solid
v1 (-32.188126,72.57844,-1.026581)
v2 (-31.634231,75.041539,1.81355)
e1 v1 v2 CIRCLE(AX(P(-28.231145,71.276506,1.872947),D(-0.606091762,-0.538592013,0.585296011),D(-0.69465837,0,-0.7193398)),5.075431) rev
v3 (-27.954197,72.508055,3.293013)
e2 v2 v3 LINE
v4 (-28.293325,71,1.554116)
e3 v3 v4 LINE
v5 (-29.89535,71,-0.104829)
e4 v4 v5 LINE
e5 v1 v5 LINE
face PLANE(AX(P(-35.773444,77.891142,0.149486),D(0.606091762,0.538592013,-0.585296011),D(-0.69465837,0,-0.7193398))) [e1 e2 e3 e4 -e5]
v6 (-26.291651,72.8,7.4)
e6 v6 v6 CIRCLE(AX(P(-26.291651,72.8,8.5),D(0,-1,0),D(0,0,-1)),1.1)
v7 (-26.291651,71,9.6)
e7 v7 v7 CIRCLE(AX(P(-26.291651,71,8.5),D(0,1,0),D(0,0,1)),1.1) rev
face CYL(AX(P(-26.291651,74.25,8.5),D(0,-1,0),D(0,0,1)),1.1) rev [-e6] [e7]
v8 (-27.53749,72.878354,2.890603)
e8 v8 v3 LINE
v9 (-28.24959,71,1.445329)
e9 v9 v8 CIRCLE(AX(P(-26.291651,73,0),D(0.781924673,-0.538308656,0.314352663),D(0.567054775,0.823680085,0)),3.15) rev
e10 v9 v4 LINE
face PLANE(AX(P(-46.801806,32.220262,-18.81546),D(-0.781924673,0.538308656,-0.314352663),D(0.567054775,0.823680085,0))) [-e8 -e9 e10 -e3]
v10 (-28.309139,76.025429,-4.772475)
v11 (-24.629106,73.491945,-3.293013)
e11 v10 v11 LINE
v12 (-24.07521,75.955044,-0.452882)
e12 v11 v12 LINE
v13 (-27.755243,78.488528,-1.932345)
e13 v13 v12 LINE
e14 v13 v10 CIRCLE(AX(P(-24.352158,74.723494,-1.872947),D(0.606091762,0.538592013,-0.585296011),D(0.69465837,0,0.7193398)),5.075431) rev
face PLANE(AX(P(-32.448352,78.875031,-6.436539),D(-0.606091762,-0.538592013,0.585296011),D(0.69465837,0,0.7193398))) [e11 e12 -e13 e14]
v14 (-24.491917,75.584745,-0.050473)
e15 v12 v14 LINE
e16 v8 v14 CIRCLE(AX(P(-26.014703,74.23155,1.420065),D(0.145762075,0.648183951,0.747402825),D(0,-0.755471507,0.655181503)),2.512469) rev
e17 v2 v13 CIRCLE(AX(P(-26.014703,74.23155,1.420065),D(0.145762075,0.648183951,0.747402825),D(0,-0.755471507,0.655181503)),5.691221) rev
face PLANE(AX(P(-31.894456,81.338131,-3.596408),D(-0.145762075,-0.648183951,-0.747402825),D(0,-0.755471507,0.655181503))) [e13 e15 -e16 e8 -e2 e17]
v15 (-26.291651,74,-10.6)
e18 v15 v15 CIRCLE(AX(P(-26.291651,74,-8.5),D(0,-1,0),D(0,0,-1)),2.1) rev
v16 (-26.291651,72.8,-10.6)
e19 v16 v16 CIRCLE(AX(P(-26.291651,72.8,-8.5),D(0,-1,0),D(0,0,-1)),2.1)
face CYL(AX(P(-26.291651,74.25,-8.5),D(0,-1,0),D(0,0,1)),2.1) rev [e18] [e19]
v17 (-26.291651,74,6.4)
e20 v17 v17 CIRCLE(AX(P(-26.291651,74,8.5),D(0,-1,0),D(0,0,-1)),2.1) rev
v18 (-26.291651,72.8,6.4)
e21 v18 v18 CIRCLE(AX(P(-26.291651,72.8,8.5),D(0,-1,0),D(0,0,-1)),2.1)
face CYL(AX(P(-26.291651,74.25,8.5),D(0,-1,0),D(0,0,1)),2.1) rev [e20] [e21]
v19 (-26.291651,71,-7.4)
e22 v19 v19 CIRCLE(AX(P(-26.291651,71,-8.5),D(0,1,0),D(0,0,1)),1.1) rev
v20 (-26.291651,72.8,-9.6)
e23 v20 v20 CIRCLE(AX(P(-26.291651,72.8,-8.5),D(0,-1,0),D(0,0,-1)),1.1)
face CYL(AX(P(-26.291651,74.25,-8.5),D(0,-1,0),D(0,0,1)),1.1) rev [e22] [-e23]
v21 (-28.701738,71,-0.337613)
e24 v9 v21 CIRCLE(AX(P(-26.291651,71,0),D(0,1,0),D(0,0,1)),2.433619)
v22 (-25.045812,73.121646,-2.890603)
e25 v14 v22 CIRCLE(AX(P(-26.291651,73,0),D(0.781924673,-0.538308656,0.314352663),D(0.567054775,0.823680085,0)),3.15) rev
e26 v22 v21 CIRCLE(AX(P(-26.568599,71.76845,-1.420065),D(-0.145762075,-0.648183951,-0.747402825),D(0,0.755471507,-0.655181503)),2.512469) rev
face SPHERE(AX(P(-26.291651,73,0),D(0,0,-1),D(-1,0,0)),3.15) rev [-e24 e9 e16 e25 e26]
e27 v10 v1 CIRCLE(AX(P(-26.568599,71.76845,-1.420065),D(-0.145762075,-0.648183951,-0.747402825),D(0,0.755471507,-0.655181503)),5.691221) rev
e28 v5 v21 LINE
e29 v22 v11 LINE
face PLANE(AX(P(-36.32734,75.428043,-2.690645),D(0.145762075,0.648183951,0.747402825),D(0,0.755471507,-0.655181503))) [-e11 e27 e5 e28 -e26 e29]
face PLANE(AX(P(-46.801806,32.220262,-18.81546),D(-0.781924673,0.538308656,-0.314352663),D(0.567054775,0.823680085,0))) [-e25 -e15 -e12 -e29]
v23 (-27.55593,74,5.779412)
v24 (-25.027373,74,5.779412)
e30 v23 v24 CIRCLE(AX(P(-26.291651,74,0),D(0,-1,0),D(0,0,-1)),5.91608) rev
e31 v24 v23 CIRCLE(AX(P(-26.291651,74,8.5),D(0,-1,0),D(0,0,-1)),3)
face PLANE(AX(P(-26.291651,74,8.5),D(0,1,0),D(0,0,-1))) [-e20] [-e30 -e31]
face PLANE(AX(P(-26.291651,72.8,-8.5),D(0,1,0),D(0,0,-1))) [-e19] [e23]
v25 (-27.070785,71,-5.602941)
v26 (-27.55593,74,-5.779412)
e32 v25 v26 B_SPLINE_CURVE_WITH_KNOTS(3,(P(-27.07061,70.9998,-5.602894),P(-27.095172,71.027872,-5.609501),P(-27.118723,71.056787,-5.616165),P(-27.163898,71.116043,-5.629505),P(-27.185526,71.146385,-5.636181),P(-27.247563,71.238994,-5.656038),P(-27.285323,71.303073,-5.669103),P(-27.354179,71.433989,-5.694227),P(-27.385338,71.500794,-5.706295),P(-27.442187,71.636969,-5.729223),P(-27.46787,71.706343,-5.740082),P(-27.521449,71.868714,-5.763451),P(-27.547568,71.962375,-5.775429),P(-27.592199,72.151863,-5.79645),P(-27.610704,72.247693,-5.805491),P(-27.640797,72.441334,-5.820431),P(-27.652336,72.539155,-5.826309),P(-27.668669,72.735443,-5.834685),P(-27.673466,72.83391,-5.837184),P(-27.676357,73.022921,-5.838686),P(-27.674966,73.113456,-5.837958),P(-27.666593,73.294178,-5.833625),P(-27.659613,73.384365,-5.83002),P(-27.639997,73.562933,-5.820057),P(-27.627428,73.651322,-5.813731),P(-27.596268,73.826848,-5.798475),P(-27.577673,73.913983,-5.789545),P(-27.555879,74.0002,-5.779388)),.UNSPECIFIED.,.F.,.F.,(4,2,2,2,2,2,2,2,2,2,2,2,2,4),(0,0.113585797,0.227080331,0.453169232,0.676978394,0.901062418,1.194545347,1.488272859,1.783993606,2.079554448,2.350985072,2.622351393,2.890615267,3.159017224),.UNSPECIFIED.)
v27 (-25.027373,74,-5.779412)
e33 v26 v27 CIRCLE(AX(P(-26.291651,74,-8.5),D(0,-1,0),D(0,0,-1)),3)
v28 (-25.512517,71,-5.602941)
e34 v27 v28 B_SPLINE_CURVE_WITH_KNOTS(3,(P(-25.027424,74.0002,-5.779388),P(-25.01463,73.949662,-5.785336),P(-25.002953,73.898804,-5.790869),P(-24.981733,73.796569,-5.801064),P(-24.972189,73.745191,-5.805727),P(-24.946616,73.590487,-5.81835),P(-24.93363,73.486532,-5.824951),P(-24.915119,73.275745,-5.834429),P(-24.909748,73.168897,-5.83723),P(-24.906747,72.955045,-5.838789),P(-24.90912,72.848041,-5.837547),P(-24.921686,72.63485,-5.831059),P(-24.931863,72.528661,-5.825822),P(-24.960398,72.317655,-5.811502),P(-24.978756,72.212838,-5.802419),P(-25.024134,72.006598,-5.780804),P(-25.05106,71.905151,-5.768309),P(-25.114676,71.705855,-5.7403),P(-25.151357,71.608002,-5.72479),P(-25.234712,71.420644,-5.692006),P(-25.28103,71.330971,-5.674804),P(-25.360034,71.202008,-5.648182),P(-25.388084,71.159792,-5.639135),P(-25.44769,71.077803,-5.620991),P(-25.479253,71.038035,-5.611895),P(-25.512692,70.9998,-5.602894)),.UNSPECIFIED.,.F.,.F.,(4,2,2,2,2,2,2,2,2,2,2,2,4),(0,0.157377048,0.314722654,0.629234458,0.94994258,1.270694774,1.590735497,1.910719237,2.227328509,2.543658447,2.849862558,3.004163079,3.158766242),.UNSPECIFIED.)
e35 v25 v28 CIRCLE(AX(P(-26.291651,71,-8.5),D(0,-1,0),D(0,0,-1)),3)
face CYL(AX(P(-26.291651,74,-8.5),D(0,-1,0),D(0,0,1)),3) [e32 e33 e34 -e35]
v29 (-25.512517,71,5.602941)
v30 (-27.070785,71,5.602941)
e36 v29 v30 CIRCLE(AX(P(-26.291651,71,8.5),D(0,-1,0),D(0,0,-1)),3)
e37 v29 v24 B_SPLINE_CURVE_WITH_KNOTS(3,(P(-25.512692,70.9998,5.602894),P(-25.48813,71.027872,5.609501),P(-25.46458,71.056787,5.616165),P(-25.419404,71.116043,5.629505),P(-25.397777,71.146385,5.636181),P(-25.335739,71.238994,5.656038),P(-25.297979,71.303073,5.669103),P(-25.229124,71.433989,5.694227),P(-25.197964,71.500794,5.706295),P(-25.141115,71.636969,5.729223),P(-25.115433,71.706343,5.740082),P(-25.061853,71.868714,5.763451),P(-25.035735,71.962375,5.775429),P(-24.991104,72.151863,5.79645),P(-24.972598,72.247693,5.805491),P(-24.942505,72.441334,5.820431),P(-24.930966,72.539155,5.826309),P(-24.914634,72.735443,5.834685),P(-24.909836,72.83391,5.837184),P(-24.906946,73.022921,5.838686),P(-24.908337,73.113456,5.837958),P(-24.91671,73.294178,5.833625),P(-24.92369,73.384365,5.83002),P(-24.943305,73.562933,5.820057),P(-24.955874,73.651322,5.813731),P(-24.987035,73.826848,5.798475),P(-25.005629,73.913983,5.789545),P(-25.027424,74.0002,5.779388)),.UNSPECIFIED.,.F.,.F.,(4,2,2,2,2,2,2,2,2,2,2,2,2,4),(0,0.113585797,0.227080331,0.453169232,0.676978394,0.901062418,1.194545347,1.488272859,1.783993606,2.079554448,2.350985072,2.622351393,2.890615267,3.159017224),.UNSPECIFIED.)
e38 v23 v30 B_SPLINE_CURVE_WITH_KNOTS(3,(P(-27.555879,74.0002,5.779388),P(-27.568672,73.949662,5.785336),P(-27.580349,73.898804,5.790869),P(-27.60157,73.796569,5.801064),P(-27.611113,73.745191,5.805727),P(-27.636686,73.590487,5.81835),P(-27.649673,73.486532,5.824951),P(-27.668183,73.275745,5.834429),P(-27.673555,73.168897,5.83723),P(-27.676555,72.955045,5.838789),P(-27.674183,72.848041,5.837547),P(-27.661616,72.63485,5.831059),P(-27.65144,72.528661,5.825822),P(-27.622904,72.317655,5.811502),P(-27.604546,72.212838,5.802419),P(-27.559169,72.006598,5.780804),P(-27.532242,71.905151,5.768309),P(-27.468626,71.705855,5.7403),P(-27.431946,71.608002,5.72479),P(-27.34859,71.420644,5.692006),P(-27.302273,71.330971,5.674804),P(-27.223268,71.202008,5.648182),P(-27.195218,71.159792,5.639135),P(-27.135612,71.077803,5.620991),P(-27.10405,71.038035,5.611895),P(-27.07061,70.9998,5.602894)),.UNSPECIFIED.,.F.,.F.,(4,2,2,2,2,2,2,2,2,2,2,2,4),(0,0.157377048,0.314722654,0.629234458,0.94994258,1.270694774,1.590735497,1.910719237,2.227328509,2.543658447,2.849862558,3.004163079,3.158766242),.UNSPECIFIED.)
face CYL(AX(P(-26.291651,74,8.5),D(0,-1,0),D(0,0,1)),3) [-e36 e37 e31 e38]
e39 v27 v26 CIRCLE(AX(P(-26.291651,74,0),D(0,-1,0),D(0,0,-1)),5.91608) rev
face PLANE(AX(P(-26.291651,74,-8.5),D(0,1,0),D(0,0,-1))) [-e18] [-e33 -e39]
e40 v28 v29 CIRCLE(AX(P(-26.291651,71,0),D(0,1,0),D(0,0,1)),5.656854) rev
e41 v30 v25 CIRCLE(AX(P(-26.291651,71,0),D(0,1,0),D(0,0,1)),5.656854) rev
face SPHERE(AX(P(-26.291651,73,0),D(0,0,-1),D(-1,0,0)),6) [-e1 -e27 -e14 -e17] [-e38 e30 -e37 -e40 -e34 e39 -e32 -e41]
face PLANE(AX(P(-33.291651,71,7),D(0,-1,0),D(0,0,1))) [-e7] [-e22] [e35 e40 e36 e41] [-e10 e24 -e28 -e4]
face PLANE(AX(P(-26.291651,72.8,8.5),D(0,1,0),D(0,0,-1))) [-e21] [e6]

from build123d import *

# Parameters (mm, degrees)
RETAINER_FEATURE_2_PROFILE_W = 14
RETAINER_FEATURE_2_PROFILE_H = 5
RETAINER_FEATURE_2_DEPTH     = 14
RETAINER_FEATURE_3_PROFILE_R = 3
RETAINER_FEATURE_3_DEPTH     = 3
RETAINER_FEATURE_4_PROFILE_R = 3
RETAINER_FEATURE_4_DEPTH     = 3
RETAINER_FEATURE_6_PROFILE_R = 1.1
RETAINER_FEATURE_6_DEPTH     = 4.25
RETAINER_FEATURE_7_PROFILE_R = 2.1
RETAINER_FEATURE_7_DEPTH     = 1.45
RETAINER_FEATURE_8_PROFILE_R = 1.1
RETAINER_FEATURE_8_DEPTH     = 4.25
RETAINER_FEATURE_9_PROFILE_R = 2.1
RETAINER_FEATURE_9_DEPTH     = 1.45
RETAINER_FEATURE_12_DEPTH    = 10


with BuildPart() as part:
    # Retainer Feature 1 profile → Retainer Feature 1 (revolve)
    with BuildSketch(Plane(origin=(0, -73, 0), x_dir=(-1, 0, 0), z_dir=(0, -1, 0))):
        with BuildLine():
            Line((26.291651246, -6), (26.291651246, 6))
            ThreePointArc((26.291651246, 6), (20.291651246, 0), (26.291651246, -6))
        make_face()
    revolve(axis=Axis((-26.291651246, -73, -10), (0, 0, 1)))

    # Retainer Feature 2 profile → Retainer Feature 2 (cut)
    with BuildSketch(Plane.XY.offset(-7)):
        with Locations((-26.291651246, -68.5)):
            Rectangle(RETAINER_FEATURE_2_PROFILE_W, RETAINER_FEATURE_2_PROFILE_H)
    extrude(amount=RETAINER_FEATURE_2_DEPTH, mode=Mode.SUBTRACT)

    # Retainer Feature 3 profile → Retainer Feature 3 (add)
    with BuildSketch(Plane(origin=(0, -71, 0), x_dir=(-1, 0, 0), z_dir=(0, -1, 0))):
        with Locations((26.291651246, 8.5)):
            Circle(RETAINER_FEATURE_3_PROFILE_R)
    extrude(amount=RETAINER_FEATURE_3_DEPTH)

    # Retainer Feature 4 profile → Retainer Feature 4 (add)
    with BuildSketch(Plane(origin=(0, -71, 0), x_dir=(-1, 0, 0), z_dir=(0, -1, 0))):
        with Locations((26.291651246, -8.5)):
            Circle(RETAINER_FEATURE_4_PROFILE_R)
    extrude(amount=RETAINER_FEATURE_4_DEPTH)

    # Retainer Feature 5 profile → Retainer Feature 5 (revolve, cut)
    with BuildSketch(Plane(origin=(0, -73, 0), x_dir=(-1, 0, 0), z_dir=(0, -1, 0))):
        with BuildLine():
            Line((26.291651246, -3.15), (26.291651246, 3.15))
            ThreePointArc((26.291651246, 3.15), (23.141651246, 0), (26.291651246, -3.15))
        make_face()
    revolve(axis=Axis((-26.291651246, -73, -10), (0, 0, 1)), mode=Mode.SUBTRACT)

    # Retainer Feature 6 profile → Retainer Feature 6 (cut)
    with BuildSketch(Plane(origin=(0, -70, 0), x_dir=(-1, 0, 0), z_dir=(0, -1, 0))):
        with Locations(Location((26.291651246, 8.5, 0), (0, 0, 270))):
            Circle(RETAINER_FEATURE_6_PROFILE_R)
    extrude(amount=RETAINER_FEATURE_6_DEPTH, mode=Mode.SUBTRACT)

    # Retainer Feature 7 profile → Retainer Feature 7 (cut)
    with BuildSketch(Plane(origin=(0, -72.8, 0), x_dir=(-1, 0, 0), z_dir=(0, -1, 0))):
        with Locations(Location((26.291651246, 8.5, 0), (0, 0, 90))):
            Circle(RETAINER_FEATURE_7_PROFILE_R)
    extrude(amount=RETAINER_FEATURE_7_DEPTH, mode=Mode.SUBTRACT)

    # Retainer Feature 8 profile → Retainer Feature 8 (cut)
    with BuildSketch(Plane(origin=(0, -70, 0), x_dir=(-1, 0, 0), z_dir=(0, -1, 0))):
        with Locations(Location((26.291651246, -8.5, 0), (0, 0, 270))):
            Circle(RETAINER_FEATURE_8_PROFILE_R)
    extrude(amount=RETAINER_FEATURE_8_DEPTH, mode=Mode.SUBTRACT)

    # Retainer Feature 9 profile → Retainer Feature 9 (cut)
    with BuildSketch(Plane(origin=(0, -72.8, 0), x_dir=(-1, 0, 0), z_dir=(0, -1, 0))):
        with Locations(Location((26.291651246, -8.5, 0), (0, 0, 90))):
            Circle(RETAINER_FEATURE_9_PROFILE_R)
    extrude(amount=RETAINER_FEATURE_9_DEPTH, mode=Mode.SUBTRACT)

    # Middle Right Fixed Compression Ball Reta → Retainer Feature 12 (cut)
    with BuildSketch(Plane(origin=(-46.801806266, -32.220261504, -18.815460044), x_dir=(-0.25892602820646665, -0.17825517869277457, 0.9493062747008634), z_dir=(-0.7819246728070284, -0.5383086561091627, -0.3143526631246647))):
        Polygon((20.297287002, -41.528985171), (16.35135873, -46.567799523), (19.343154751, -48.910694434), (23.289083023, -43.871880083), align=None)
    extrude(amount=RETAINER_FEATURE_12_DEPTH, mode=Mode.SUBTRACT)


with BuildPart() as body_2:
    # Mirror1: mirrored copy
    add(part.part.mirror(Plane(origin=(0, 0, 0), x_dir=(0, 0, 1), z_dir=(0, -1, 0))))


solid = body_2.part
